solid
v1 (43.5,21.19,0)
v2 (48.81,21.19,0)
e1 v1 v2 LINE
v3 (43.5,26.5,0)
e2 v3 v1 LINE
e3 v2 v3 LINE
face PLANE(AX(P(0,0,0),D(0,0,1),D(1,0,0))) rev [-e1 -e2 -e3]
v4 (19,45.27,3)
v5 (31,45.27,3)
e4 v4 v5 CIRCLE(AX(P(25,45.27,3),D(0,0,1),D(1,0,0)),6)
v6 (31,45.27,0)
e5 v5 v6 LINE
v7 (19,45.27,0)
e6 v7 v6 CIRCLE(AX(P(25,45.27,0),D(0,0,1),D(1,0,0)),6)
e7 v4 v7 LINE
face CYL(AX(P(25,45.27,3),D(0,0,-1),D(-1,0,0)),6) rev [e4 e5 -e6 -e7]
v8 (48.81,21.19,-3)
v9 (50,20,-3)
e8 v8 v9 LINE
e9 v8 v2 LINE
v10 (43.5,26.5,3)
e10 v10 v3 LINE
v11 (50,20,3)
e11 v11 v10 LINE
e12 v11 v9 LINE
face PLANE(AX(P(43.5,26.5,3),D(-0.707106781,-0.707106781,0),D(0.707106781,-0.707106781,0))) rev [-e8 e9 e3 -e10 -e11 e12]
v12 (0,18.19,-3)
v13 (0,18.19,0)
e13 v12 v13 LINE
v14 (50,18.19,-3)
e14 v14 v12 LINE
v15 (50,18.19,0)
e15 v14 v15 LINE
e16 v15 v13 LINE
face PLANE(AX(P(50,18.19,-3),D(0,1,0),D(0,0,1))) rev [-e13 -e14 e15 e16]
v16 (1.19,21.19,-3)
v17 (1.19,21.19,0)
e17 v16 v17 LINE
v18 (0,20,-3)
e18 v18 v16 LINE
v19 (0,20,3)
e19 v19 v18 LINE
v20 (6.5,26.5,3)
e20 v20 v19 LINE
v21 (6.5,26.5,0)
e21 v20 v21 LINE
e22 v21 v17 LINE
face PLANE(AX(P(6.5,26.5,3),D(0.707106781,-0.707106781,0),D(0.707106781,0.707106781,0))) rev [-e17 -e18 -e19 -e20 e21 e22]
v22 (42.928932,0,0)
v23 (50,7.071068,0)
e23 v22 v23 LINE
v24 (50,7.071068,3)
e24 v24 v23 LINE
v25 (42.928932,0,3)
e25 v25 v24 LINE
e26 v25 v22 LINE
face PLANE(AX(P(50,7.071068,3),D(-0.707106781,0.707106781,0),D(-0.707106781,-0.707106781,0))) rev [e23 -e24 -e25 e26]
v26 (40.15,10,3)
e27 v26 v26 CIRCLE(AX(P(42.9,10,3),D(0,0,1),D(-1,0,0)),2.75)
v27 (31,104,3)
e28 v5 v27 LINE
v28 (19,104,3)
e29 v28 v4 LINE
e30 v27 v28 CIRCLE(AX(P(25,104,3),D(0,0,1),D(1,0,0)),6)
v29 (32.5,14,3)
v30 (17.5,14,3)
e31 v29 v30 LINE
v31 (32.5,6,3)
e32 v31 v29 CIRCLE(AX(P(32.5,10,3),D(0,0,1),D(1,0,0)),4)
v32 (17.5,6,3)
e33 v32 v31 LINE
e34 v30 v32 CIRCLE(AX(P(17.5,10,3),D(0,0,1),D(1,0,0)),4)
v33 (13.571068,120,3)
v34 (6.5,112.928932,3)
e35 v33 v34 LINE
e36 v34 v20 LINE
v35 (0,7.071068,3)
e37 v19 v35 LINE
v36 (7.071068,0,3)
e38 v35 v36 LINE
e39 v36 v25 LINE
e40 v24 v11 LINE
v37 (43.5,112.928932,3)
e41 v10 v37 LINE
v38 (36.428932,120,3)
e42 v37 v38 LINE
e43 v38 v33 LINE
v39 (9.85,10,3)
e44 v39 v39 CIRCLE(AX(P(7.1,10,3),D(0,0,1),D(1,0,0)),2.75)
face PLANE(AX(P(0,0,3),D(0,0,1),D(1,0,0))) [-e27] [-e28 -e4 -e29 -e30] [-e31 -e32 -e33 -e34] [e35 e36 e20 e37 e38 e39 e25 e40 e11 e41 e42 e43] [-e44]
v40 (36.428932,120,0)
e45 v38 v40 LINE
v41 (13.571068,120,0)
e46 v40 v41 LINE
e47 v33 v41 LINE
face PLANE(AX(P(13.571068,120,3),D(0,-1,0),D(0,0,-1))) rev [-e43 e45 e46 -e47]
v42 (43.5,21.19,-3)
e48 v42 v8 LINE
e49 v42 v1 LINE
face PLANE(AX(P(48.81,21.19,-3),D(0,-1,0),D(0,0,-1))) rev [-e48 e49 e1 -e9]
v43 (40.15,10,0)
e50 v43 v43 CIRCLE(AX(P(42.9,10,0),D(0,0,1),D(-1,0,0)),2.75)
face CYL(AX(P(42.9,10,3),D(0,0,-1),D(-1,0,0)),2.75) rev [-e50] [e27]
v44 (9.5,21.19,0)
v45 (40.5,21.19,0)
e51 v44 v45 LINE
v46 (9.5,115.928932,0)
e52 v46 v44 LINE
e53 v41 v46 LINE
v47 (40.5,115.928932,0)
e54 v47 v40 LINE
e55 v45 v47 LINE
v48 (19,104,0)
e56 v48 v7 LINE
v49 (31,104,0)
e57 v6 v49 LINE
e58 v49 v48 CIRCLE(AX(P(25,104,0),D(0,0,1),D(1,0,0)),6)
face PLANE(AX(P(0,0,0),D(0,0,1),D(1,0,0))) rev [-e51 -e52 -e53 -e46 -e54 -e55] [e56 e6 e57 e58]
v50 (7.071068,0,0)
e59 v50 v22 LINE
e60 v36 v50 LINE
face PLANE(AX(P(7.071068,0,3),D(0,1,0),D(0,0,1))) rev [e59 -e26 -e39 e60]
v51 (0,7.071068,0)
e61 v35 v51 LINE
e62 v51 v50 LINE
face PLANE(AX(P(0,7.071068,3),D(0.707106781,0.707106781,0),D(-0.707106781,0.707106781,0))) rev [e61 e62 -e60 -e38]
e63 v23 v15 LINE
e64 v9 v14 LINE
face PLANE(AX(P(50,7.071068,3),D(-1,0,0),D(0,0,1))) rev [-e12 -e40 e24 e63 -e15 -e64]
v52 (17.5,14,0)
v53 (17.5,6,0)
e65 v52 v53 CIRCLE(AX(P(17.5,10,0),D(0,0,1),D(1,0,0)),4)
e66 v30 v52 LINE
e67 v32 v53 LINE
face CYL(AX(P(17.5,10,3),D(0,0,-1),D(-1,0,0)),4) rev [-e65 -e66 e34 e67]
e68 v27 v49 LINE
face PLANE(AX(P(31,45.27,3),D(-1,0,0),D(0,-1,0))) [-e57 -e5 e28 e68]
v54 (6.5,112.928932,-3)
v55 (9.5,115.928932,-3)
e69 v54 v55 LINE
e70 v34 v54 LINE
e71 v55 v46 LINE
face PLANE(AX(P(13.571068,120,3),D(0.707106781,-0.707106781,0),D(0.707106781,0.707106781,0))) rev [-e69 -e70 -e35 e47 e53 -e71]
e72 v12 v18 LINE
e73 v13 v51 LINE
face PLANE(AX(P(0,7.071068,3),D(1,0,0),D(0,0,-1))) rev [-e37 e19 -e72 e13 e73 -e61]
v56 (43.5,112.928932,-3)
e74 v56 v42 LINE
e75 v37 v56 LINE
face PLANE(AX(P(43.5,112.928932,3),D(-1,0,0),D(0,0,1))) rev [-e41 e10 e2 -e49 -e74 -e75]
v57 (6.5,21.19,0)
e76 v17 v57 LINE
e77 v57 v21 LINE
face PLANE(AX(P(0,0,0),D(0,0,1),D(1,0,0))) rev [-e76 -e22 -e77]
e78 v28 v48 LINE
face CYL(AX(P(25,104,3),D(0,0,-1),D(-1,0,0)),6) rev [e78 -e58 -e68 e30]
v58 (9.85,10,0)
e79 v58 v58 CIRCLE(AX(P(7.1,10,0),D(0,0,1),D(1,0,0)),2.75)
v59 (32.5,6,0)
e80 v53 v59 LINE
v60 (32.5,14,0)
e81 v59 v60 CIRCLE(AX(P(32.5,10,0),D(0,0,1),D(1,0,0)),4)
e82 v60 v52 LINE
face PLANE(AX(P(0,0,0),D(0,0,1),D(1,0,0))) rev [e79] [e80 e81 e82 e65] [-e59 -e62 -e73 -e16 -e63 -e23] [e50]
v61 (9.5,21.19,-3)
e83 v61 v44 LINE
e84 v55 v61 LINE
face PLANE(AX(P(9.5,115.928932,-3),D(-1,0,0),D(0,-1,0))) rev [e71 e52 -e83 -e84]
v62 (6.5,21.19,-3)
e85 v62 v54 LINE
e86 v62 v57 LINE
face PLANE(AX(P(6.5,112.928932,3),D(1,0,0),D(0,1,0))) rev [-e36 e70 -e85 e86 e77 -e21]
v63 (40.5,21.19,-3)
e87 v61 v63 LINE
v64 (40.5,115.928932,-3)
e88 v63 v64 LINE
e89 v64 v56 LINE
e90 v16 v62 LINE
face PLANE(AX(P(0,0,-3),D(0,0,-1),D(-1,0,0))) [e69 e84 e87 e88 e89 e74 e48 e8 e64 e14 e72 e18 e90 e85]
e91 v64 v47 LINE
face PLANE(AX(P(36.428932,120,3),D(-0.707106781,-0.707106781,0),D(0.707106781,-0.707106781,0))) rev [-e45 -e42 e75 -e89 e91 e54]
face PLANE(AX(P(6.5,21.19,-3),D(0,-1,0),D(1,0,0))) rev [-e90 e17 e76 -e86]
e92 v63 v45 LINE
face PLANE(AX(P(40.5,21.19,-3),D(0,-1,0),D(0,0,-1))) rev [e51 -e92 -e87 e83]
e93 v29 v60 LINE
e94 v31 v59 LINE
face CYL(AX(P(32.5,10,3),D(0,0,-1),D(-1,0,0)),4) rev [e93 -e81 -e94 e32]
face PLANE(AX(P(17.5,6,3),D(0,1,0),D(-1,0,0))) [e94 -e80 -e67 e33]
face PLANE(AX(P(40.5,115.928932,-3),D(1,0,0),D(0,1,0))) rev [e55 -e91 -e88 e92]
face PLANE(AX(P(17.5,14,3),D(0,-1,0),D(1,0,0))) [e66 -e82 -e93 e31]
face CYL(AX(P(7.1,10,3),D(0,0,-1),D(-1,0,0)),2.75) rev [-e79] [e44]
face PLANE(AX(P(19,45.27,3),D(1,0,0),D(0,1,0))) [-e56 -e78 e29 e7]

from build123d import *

# Parameters (mm, degrees)
SKETCH1_R           = 2.75
BOSS_EXTRUDE1_DEPTH = 3
BOSS_EXTRUDE2_DEPTH = 3


with BuildPart() as part:
    # Sketch1 → Boss-Extrude1 (new body)
    with BuildSketch(Plane.XY):
        Polygon((7.071067812, 0), (42.928932188, 0), (50, 7.071067812), (50, 20), (43.5, 26.5), (43.5, 112.928932188), (36.428932188, 120), (13.571067812, 120), (6.5, 112.928932188), (6.5, 26.5), (0, 20), (0, 7.071067812), align=None)
        with Locations((7.1, 10)):
            Circle(SKETCH1_R, mode=Mode.SUBTRACT)
        with Locations(Location((42.9, 10, 0), (0, 0, 180))):
            Circle(SKETCH1_R, mode=Mode.SUBTRACT)
        with BuildLine():
            Line((19, 45.27), (19, 104))
            ThreePointArc((19, 104), (25, 110), (31, 104))
            Line((31, 104), (31, 45.27))
            ThreePointArc((31, 45.27), (25, 39.27), (19, 45.27))
        make_face(mode=Mode.SUBTRACT)
        with BuildLine():
            Line((17.5, 14), (32.5, 14))
            ThreePointArc((32.5, 14), (36.5, 10), (32.5, 6))
            Line((32.5, 6), (17.5, 6))
            ThreePointArc((17.5, 6), (13.5, 10), (17.5, 14))
        make_face(mode=Mode.SUBTRACT)
    extrude(amount=BOSS_EXTRUDE1_DEPTH)

    # Sketch2 → Boss-Extrude2 (add)
    with BuildSketch(Plane(origin=(0, 0, 0), x_dir=(-1, 0, 0), z_dir=(0, 0, -1))):
        Polygon((-50, 18.19), (0, 18.19), (0, 20), (-1.19, 21.19), (-6.5, 21.19), (-6.5, 112.928932188), (-9.5, 115.928932188), (-9.5, 21.19), (-40.5, 21.19), (-40.5, 115.928932188), (-43.5, 112.928932188), (-43.5, 21.19), (-48.81, 21.19), (-50, 20), align=None)
    extrude(amount=BOSS_EXTRUDE2_DEPTH)


solid = part.part
